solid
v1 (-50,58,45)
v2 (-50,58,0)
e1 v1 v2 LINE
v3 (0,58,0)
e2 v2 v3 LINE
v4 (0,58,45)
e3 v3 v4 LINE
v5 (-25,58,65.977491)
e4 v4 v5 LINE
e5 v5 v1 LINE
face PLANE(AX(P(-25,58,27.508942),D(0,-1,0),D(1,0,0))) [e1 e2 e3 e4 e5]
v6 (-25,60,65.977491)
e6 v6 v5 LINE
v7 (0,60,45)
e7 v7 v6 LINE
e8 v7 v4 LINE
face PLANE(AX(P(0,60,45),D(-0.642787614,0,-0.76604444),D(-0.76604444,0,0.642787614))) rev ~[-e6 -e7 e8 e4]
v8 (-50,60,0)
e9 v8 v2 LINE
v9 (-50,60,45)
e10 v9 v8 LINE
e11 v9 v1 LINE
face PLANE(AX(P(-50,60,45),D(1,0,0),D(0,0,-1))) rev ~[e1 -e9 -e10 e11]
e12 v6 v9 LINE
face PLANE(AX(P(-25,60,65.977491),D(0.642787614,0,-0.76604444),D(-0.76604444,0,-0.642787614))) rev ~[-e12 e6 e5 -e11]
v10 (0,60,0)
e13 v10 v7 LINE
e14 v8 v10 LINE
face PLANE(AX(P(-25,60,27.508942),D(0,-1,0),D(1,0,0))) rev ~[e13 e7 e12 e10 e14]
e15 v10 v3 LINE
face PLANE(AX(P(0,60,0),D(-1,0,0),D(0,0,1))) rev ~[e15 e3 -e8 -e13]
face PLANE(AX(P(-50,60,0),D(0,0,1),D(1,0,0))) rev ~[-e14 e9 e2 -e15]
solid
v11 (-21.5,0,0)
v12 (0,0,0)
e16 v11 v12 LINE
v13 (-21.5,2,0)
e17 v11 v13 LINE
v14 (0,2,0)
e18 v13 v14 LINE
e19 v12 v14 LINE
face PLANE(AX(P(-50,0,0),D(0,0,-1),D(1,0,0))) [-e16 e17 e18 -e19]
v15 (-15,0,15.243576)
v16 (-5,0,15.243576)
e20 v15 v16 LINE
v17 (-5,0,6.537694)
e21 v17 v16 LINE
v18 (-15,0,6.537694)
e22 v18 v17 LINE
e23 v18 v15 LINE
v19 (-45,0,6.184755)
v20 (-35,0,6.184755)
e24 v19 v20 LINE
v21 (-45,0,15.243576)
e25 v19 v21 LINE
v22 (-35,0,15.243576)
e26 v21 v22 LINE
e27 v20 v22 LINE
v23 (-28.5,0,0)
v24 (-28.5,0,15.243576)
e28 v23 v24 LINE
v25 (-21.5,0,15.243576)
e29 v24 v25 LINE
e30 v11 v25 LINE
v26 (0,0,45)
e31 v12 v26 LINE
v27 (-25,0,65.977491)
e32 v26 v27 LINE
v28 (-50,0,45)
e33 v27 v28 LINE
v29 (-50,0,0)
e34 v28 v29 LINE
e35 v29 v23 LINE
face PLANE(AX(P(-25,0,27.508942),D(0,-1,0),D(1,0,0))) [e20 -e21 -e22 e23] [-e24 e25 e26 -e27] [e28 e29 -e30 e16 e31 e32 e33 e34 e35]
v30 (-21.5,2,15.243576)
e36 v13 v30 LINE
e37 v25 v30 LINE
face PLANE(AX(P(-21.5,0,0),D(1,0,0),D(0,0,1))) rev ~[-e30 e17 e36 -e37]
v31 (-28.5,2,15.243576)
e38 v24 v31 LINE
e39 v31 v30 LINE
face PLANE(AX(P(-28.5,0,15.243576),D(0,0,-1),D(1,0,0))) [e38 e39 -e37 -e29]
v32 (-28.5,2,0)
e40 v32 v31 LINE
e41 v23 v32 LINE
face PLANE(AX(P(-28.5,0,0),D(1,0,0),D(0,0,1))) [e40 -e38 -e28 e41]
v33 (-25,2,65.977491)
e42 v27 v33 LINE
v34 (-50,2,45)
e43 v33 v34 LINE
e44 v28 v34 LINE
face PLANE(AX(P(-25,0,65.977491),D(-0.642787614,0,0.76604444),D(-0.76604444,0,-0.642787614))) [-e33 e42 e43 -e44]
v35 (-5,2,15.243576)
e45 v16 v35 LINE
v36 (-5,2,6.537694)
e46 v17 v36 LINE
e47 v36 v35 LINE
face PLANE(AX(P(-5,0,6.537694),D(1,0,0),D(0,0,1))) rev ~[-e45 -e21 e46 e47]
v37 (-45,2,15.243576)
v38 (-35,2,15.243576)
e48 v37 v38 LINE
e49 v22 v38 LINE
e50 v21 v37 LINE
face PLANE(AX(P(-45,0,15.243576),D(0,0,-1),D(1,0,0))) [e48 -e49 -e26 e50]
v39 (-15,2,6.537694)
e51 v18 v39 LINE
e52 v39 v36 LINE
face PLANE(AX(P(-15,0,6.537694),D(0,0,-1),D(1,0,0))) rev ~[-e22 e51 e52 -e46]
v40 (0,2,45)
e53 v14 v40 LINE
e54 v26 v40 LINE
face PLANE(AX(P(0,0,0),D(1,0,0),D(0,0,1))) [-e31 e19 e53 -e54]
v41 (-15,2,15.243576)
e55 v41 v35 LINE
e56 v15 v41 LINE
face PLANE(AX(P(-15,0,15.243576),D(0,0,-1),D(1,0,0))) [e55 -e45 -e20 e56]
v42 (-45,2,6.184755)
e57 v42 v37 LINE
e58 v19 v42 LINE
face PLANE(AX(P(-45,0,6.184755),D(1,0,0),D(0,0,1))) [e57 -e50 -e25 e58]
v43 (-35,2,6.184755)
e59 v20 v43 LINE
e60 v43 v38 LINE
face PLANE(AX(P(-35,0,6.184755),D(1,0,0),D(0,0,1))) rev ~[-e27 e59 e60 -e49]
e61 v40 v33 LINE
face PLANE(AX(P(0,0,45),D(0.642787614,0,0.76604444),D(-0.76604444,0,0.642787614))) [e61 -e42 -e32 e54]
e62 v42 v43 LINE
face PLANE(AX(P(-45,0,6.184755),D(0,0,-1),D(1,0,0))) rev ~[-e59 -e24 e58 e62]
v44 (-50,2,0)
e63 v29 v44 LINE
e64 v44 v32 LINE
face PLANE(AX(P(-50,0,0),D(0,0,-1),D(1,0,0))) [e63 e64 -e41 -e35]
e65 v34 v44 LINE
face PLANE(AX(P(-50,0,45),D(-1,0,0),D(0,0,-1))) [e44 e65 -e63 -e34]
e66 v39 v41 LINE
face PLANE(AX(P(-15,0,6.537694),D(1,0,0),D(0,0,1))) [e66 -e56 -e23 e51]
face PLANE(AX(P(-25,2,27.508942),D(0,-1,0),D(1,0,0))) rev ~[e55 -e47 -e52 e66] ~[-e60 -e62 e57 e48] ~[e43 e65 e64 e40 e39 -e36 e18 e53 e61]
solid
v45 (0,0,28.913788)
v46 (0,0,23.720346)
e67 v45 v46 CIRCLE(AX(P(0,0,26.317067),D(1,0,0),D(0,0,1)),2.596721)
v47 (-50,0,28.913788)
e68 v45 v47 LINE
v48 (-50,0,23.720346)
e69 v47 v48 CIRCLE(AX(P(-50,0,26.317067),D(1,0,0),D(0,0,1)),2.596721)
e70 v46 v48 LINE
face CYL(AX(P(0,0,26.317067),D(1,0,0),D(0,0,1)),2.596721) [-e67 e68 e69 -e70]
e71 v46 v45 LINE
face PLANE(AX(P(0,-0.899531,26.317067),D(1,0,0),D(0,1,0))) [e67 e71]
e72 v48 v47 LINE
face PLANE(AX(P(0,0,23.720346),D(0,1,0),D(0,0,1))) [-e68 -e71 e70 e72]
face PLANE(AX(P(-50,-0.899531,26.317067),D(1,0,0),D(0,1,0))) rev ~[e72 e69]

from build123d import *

# Parameters (mm, degrees)
F6_DEPTH  = 2
F7_DEPTH  = 2
F8_W      = 10
F8_H      = 9.058821
F8_W_2    = 7
F8_H_2    = 15.243576
F8_H_3    = 8.705881
F9_DEPTH  = 25
F11_DEPTH = 50


with BuildPart() as f6:
    # F1 (on Front) → F6 (new body, through all)
    with BuildSketch(Plane.XZ):
        Polygon((-50, 0), (0, 0), (0, 45), (-25, 65.977491), (-50, 45), align=None)
    extrude(amount=-F6_DEPTH)

    # F8 (on Front) → F9 (cut)
    with BuildSketch(Plane.XZ):
        with Locations((-40, 10.714166)):
            Rectangle(F8_W, F8_H)
        with Locations((-25, 7.621788)):
            Rectangle(F8_W_2, F8_H_2)
        with Locations((-10, 10.890635)):
            Rectangle(F8_W, F8_H_3)
    extrude(amount=-F9_DEPTH, mode=Mode.SUBTRACT)


with BuildPart() as f7:
    # F5 (on plane+point) → F7 (new body, through all)
    with BuildSketch(Plane.XZ.offset(-60)):
        Polygon((-50, 0), (0, 0), (0, 45), (-25, 65.977491), (-50, 45), align=None)
    extrude(amount=F7_DEPTH)


with BuildPart() as f11:
    # F10 (on Right) → F11 (new body, through all)
    with BuildSketch(Plane.YZ):
        with BuildLine():
            Line((0, 23.720346), (0, 28.913788))
            ThreePointArc((0, 28.913788), (-2.596721, 26.317067), (0, 23.720346))
        make_face()
    extrude(amount=-F11_DEPTH)


solid = Compound([f6.part, f7.part, f11.part])
